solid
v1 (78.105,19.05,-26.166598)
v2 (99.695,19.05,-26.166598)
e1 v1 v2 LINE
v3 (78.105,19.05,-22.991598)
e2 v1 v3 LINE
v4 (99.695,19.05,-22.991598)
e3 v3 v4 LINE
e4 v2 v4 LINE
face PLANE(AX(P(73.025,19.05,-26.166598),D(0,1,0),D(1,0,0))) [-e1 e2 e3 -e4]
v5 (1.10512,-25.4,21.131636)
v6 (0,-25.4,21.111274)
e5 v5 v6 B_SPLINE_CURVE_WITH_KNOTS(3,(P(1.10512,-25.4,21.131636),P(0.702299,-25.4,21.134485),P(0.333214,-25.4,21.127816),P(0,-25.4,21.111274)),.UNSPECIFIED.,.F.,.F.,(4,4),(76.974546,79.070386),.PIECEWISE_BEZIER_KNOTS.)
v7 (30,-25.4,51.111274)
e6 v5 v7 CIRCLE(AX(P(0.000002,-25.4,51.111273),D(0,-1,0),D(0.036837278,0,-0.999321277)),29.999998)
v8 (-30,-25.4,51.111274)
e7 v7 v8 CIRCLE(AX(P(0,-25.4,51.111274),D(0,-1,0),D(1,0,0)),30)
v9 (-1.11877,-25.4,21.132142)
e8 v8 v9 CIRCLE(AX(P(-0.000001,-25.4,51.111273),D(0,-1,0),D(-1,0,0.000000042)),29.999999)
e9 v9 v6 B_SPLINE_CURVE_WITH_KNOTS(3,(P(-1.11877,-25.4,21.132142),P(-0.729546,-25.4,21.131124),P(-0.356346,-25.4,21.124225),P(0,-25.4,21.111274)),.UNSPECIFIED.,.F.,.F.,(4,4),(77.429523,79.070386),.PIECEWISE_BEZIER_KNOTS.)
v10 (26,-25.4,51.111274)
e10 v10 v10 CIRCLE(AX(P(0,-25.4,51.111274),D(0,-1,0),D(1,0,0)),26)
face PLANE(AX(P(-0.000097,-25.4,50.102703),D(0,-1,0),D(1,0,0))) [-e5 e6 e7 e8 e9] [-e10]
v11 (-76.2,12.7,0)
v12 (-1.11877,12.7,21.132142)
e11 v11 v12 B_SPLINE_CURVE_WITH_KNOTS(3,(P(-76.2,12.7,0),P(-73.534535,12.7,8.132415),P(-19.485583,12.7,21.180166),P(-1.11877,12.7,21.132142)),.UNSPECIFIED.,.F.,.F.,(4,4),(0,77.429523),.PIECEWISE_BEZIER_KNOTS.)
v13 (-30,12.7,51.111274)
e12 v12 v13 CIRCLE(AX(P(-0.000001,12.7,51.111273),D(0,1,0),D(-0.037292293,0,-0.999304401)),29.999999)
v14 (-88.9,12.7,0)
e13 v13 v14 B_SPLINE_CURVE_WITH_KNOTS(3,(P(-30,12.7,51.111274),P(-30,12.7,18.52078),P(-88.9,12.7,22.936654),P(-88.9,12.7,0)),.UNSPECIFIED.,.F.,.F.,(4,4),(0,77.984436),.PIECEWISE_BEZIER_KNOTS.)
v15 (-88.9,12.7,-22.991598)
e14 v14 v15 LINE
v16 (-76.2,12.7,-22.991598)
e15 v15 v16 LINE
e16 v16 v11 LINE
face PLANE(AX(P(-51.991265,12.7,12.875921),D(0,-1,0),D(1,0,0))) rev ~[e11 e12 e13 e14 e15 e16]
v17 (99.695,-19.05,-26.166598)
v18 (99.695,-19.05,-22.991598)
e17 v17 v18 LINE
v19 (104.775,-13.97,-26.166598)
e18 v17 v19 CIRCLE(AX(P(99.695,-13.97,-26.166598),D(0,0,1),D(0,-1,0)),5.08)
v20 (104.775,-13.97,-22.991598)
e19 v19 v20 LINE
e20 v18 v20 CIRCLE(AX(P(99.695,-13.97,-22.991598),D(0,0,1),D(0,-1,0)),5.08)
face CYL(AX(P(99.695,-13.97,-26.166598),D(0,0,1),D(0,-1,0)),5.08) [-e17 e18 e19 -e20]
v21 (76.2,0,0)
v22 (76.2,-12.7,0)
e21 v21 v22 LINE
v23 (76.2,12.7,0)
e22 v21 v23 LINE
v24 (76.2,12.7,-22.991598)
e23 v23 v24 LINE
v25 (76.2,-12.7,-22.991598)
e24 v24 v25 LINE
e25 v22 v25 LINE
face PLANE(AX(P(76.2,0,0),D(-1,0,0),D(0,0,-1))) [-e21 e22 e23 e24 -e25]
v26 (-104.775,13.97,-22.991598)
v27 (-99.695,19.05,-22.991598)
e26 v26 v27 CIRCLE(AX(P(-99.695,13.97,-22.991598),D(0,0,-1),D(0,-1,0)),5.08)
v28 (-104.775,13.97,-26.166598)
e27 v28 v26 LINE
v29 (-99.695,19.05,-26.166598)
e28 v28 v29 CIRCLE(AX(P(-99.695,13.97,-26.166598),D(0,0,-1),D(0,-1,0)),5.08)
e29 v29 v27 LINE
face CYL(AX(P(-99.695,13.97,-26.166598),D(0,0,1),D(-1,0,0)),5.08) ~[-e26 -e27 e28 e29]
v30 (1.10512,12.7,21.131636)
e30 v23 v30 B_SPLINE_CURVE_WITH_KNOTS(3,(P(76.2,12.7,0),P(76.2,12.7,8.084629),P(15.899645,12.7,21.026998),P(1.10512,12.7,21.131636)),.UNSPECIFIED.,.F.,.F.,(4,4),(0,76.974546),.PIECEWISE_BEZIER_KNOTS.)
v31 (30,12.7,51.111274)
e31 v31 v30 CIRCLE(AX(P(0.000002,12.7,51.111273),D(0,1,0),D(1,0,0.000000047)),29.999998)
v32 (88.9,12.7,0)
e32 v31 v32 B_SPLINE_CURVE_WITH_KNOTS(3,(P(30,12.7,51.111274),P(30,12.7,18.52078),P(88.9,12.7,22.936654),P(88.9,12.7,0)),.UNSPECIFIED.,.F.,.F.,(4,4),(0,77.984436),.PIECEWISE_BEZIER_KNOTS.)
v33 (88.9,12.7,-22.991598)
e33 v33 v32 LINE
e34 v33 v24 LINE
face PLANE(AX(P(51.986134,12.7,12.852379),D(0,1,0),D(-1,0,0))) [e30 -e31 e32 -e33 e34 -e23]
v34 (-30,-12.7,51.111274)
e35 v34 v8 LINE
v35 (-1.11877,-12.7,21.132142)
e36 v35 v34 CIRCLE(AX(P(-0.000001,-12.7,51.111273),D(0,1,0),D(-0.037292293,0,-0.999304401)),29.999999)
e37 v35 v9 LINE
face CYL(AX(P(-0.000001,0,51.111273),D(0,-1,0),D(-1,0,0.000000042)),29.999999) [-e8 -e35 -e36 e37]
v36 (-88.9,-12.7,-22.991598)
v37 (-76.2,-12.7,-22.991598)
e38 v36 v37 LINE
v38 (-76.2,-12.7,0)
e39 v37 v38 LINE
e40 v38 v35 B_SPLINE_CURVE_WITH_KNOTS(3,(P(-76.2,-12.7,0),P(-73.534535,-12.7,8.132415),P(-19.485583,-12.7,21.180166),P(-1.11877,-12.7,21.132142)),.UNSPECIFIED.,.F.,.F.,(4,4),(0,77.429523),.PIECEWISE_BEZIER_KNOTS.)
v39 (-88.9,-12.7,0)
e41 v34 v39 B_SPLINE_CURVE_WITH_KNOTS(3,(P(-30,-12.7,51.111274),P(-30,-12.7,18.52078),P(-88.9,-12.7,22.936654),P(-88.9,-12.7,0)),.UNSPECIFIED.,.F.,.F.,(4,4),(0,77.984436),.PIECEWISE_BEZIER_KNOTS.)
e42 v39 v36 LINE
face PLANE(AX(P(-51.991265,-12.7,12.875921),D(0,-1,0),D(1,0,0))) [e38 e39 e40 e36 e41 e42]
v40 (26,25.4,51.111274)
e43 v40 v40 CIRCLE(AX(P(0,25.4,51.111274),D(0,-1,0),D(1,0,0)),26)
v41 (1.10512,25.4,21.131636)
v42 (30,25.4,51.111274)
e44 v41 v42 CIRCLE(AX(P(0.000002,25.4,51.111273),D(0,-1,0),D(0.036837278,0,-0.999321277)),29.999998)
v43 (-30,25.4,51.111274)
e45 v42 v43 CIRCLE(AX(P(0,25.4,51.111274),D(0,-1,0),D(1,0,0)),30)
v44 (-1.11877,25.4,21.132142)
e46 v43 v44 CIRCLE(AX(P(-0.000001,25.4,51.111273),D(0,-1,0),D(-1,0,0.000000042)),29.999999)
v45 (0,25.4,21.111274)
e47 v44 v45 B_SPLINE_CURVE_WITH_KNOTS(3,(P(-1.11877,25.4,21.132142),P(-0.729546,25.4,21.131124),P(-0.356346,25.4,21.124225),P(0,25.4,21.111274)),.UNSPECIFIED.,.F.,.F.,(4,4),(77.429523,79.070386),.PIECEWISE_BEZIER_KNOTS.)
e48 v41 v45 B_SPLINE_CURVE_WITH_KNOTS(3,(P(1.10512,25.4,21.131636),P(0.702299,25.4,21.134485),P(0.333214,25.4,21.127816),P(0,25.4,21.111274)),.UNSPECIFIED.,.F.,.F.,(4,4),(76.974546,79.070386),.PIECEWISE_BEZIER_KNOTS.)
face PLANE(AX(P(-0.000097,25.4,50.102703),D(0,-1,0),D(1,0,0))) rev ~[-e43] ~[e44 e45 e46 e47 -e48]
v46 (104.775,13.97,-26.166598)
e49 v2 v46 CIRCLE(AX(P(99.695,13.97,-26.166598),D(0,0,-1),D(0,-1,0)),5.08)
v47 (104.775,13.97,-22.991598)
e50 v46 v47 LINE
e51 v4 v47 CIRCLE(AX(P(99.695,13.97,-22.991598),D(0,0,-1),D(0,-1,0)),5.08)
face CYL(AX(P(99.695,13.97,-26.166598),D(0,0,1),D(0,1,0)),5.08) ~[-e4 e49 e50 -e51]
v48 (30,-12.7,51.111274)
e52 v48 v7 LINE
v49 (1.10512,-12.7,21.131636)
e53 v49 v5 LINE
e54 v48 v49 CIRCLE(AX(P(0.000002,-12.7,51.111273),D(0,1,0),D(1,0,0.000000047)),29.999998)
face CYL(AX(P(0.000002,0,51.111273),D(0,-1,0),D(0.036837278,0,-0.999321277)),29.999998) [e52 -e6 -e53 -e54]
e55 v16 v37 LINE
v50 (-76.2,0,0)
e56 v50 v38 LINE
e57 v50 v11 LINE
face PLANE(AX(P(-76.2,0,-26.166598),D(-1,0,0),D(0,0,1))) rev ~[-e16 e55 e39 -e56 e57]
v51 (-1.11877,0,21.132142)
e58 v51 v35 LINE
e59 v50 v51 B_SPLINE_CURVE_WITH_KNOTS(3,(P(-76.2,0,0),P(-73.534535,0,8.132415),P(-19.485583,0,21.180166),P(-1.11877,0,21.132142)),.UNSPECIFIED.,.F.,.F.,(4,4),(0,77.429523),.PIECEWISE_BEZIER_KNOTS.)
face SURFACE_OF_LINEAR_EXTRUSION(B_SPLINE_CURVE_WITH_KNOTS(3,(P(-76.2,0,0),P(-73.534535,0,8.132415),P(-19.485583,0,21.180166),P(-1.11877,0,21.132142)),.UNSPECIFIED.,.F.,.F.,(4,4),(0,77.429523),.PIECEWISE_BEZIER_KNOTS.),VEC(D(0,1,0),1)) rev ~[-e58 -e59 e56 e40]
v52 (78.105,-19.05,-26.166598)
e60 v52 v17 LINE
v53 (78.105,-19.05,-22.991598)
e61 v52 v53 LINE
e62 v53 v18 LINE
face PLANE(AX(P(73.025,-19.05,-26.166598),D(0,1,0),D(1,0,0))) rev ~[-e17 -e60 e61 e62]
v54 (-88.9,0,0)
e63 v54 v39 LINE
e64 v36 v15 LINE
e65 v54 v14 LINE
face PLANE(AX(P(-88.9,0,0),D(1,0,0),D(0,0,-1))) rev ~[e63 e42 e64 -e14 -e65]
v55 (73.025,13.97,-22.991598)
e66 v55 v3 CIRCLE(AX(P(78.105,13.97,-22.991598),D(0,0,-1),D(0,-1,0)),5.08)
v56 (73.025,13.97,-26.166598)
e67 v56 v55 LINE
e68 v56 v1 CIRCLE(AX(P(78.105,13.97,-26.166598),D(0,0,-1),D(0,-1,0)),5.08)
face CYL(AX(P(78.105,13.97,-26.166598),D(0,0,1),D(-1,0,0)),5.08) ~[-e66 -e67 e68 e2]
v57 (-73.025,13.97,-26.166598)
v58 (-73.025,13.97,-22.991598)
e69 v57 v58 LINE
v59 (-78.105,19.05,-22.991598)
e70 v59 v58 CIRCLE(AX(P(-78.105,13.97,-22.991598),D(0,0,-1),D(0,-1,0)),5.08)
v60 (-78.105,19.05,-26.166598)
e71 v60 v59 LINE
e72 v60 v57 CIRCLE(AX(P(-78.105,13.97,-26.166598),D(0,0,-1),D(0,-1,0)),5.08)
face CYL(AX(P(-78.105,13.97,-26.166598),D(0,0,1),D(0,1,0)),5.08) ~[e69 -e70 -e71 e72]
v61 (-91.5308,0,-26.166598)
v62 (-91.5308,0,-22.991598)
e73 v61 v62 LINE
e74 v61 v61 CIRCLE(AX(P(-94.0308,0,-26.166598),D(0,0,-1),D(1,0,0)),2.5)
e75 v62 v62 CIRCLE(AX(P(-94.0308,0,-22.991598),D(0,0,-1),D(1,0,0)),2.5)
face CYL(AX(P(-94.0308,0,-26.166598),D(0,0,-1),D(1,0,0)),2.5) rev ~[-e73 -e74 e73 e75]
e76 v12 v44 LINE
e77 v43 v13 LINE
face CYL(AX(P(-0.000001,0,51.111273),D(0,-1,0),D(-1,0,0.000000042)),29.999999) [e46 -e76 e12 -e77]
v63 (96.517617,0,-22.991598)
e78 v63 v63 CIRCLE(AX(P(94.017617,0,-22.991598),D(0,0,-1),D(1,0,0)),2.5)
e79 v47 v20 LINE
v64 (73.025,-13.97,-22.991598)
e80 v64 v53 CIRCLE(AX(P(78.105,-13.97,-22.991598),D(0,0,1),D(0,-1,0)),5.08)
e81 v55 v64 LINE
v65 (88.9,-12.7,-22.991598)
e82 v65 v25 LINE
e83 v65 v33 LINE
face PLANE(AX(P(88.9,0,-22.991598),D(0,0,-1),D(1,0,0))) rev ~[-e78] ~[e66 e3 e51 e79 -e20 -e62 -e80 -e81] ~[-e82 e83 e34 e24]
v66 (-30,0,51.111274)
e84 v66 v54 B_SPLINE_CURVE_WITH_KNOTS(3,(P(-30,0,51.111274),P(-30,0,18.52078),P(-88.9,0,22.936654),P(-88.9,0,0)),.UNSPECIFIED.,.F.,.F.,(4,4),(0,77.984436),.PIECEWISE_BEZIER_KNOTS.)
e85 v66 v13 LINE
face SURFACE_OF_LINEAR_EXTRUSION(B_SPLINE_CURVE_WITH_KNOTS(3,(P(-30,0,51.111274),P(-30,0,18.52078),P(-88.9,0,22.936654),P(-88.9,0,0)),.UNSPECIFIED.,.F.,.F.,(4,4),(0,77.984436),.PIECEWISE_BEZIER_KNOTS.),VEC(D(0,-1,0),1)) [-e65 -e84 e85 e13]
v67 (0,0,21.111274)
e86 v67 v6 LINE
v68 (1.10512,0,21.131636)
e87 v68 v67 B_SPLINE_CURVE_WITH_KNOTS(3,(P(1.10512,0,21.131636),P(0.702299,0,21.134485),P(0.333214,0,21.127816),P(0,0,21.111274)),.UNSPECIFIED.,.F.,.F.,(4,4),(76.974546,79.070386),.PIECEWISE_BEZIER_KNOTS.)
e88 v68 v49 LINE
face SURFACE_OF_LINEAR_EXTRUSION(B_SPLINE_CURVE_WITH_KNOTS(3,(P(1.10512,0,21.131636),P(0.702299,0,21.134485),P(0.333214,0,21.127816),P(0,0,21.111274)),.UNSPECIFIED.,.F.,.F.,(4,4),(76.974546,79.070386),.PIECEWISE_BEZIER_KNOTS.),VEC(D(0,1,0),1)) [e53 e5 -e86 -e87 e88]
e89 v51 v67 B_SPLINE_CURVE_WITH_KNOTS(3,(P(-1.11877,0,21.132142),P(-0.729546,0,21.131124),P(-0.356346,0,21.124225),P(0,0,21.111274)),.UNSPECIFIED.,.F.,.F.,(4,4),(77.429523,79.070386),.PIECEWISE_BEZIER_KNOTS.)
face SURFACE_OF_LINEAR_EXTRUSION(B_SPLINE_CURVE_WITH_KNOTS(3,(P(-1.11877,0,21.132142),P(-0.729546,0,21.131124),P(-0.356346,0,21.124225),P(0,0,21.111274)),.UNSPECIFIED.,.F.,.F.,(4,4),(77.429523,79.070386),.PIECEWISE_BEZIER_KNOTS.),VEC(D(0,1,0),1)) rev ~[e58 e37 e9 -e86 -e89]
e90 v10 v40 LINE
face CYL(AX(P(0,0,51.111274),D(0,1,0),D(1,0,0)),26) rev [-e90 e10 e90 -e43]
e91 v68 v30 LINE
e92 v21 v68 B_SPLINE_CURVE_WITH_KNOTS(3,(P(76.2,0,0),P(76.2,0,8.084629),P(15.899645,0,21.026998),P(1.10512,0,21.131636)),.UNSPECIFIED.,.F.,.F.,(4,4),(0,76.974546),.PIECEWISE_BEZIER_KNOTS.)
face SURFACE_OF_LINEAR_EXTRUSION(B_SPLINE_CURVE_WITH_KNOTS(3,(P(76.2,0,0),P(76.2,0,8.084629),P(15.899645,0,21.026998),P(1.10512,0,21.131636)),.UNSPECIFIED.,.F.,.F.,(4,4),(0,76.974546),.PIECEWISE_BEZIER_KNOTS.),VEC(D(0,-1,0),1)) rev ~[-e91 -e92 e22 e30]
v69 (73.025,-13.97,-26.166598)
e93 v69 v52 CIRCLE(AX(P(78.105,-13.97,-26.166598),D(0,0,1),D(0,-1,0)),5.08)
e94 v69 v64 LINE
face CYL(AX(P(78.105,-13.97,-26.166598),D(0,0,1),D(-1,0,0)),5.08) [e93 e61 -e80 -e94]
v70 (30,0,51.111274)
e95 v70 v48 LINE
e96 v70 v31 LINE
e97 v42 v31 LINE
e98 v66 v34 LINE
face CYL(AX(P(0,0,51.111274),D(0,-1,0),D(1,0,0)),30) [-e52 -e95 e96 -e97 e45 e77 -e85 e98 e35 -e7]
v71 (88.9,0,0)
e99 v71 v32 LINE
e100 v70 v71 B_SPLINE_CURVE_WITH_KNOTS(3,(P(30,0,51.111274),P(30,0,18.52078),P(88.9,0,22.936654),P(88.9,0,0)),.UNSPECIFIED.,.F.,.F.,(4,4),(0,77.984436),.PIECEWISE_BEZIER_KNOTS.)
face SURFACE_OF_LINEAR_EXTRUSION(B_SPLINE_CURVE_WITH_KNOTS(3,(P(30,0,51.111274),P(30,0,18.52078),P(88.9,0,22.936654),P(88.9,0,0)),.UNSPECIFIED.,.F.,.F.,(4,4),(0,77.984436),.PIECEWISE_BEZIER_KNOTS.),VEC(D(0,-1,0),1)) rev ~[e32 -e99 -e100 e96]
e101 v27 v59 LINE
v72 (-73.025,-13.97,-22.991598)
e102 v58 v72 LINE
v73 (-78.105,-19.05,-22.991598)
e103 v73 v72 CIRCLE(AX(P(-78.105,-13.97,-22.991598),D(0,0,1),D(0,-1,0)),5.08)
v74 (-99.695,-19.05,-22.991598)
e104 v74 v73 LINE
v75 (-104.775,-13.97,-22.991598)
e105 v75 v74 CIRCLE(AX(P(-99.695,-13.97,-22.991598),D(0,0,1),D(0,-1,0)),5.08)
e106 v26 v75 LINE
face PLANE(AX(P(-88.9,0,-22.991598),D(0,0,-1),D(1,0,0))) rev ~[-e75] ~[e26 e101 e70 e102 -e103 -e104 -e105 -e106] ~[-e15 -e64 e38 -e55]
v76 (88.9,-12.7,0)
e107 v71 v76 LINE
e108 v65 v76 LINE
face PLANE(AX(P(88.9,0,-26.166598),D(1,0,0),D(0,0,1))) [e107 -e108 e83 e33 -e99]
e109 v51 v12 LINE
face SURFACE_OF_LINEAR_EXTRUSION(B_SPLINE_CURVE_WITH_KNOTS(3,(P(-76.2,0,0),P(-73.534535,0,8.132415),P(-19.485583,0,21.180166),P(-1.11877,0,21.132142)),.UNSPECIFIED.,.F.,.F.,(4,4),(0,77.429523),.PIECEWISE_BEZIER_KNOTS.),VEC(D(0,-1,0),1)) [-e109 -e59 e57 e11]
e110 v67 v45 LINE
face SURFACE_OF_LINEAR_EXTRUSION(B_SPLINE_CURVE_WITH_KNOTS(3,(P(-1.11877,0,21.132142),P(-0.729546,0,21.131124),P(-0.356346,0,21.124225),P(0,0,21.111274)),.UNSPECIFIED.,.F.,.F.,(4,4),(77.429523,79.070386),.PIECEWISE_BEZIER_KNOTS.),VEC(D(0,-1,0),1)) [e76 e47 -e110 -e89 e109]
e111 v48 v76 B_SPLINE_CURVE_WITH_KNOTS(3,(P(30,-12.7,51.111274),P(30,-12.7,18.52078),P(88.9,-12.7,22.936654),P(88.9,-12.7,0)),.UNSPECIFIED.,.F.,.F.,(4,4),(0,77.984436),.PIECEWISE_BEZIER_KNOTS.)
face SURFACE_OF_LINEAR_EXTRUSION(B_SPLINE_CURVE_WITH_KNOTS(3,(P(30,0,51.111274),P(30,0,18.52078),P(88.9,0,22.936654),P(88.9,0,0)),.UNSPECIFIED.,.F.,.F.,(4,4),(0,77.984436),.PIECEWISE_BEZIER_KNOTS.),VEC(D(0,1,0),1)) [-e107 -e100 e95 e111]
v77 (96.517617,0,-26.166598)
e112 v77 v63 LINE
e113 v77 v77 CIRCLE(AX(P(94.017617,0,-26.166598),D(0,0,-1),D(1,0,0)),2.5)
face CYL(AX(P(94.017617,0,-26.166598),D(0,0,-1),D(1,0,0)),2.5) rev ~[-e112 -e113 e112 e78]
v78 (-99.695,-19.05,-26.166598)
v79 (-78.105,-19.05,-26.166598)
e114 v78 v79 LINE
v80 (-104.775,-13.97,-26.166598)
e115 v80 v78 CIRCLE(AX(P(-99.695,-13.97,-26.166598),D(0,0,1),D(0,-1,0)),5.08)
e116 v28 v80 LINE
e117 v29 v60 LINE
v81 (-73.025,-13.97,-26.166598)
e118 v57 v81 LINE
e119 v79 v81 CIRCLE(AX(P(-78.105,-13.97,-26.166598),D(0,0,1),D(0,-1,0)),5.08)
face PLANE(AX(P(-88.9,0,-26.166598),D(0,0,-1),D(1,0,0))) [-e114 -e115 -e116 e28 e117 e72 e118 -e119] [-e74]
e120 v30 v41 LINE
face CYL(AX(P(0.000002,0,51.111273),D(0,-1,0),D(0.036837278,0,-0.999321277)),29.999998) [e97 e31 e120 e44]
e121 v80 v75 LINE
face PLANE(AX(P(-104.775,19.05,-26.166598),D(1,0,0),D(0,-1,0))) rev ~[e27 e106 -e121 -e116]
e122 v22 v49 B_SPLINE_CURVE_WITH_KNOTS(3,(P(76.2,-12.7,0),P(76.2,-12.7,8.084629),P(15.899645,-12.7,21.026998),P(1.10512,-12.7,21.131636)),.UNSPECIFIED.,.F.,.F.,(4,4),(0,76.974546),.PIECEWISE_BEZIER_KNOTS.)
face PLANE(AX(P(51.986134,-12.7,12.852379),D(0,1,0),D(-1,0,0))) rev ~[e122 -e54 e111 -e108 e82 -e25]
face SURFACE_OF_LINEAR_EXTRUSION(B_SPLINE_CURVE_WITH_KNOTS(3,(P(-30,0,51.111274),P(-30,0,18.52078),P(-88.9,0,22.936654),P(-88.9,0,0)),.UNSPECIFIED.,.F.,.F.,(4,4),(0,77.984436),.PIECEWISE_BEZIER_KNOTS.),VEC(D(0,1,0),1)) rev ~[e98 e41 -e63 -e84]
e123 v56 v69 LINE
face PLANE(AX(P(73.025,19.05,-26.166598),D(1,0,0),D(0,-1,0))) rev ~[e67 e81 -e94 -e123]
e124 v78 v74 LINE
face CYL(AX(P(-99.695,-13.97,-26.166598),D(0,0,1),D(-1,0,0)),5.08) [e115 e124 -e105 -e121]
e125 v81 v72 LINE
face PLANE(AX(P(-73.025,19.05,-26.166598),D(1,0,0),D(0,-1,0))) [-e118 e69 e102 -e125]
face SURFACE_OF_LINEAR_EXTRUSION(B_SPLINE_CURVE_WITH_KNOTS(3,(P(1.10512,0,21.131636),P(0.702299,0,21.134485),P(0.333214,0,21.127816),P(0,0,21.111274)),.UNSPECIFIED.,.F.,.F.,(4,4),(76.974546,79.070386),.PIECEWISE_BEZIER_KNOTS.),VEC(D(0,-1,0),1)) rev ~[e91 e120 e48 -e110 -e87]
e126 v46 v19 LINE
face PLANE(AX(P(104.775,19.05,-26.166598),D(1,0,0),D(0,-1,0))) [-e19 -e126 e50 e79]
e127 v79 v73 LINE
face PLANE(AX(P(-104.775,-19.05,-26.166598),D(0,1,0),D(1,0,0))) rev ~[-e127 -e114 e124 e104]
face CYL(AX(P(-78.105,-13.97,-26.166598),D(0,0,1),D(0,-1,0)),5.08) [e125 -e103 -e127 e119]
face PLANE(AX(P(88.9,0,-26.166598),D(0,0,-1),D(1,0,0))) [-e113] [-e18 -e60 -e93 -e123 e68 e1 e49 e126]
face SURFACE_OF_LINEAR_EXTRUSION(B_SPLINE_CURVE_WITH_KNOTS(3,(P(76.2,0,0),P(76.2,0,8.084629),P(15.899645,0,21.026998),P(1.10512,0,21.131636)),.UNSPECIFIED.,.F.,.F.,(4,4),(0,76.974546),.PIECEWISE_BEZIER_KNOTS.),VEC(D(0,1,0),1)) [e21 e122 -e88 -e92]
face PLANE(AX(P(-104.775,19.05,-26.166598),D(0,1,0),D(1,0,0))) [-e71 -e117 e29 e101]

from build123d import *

# Parameters (mm, degrees)
F0_R     = 26
F1_DEPTH = 25.4
F2_DEPTH = 12.7
F3_W     = 31.75
F3_H     = 38.1
F4_DEPTH = 3.175
F5_R     = 5.08
F6_R     = 5.08
F7_R     = 2.5
F8_DEPTH = 25.4


with BuildPart() as f1:
    # F0 (on Front) → F1 (new body, symmetric)
    with BuildSketch(Plane.XZ):
        with BuildLine():
            ThreePointArc((1.10512, 21.131636), (21.600389, 30.292455), (30, 51.111274))
            ThreePointArc((30, 51.111274), (0, 81.111274), (-30, 51.111274))
            ThreePointArc((-30, 51.111274), (-21.605128, 30.297373), (-1.11877, 21.132142))
            add(Edge.make_bspline(
                [(-1.11877, 21.132142), (-0.729546, 21.131124), (-0.356346, 21.124225), (0, 21.111274)],
                knots=[77.429523, 77.429523, 77.429523, 77.429523, 79.070386, 79.070386, 79.070386, 79.070386], degree=3))
            add(Edge.make_bspline(
                [(1.10512, 21.131636), (0.702299, 21.134485), (0.333214, 21.127816), (0, 21.111274)],
                knots=[76.974546, 76.974546, 76.974546, 76.974546, 79.070386, 79.070386, 79.070386, 79.070386], degree=3))
        make_face()
        with Locations((0, 51.111274)):
            Circle(F0_R, mode=Mode.SUBTRACT)
    extrude(amount=F1_DEPTH, both=True)

    # F0 (on Front) → F2 (join, symmetric)
    with BuildSketch(Plane.XZ):
        with BuildLine():
            ThreePointArc((-1.11877, 21.132142), (-21.605128, 30.297373), (-30, 51.111274))
            add(Edge.make_bspline(
                [(-30, 51.111274), (-30, 18.52078), (-88.9, 22.936654), (-88.9, 0)],
                knots=[0, 0, 0, 0, 77.984436, 77.984436, 77.984436, 77.984436], degree=3))
            Line((-88.9, 0), (-88.9, -26.166598))
            Line((-88.9, -26.166598), (-76.2, -26.166598))
            Line((-76.2, -26.166598), (-76.2, 0))
            add(Edge.make_bspline(
                [(-76.2, 0), (-73.534535, 8.132415), (-19.485583, 21.180166), (-1.11877, 21.132142)],
                knots=[0, 0, 0, 0, 77.429523, 77.429523, 77.429523, 77.429523], degree=3))
        make_face()
        with BuildLine():
            add(Edge.make_bspline(
                [(30, 51.111274), (30, 18.52078), (88.9, 22.936654), (88.9, 0)],
                knots=[0, 0, 0, 0, 77.984436, 77.984436, 77.984436, 77.984436], degree=3))
            ThreePointArc((30, 51.111274), (21.600389, 30.292455), (1.10512, 21.131636))
            add(Edge.make_bspline(
                [(76.2, 0), (76.2, 8.084629), (15.899645, 21.026998), (1.10512, 21.131636)],
                knots=[0, 0, 0, 0, 76.974546, 76.974546, 76.974546, 76.974546], degree=3))
            Line((76.2, 0), (76.2, -26.166598))
            Line((76.2, -26.166598), (88.9, -26.166598))
            Line((88.9, -26.166598), (88.9, 0))
        make_face()
    extrude(amount=F2_DEPTH, both=True)

    # F3 (on face) → F4 (join)
    with BuildSketch(Plane(origin=(0, 0, -26.166598), x_dir=(1, 0, 0), z_dir=(0, 0, -1))):
        with Locations((-88.9, 0)):
            Rectangle(F3_W, F3_H)
        with Locations((88.9, 0)):
            Rectangle(F3_W, F3_H)
    extrude(amount=-F4_DEPTH)

    # F5
    f5_edges = [f1.edges().sort_by_distance(p)[0] for p in [
        (-104.775, -19.05, -24.579098),
        (-73.025, -19.05, -24.579098),
        (-104.775, 19.05, -24.579098),
        (-73.025, 19.05, -24.579098),
    ]]
    fillet(f5_edges, radius=F5_R)

    # F6
    f6_edges = [f1.edges().sort_by_distance(p)[0] for p in [
        (104.775, -19.05, -24.579098),
        (73.025, -19.05, -24.579098),
        (104.775, 19.05, -24.579098),
        (73.025, 19.05, -24.579098),
    ]]
    fillet(f6_edges, radius=F6_R)

    # F7 (on face) → F8 (cut)
    with BuildSketch(Plane(origin=(0, 0, -26.166598), x_dir=(1, 0, 0), z_dir=(0, 0, -1))):
        with Locations((-94.0308, 0)):
            Circle(F7_R)
        with Locations((94.017617, 0)):
            Circle(F7_R)
    extrude(amount=-F8_DEPTH, mode=Mode.SUBTRACT)


solid = f1.part
